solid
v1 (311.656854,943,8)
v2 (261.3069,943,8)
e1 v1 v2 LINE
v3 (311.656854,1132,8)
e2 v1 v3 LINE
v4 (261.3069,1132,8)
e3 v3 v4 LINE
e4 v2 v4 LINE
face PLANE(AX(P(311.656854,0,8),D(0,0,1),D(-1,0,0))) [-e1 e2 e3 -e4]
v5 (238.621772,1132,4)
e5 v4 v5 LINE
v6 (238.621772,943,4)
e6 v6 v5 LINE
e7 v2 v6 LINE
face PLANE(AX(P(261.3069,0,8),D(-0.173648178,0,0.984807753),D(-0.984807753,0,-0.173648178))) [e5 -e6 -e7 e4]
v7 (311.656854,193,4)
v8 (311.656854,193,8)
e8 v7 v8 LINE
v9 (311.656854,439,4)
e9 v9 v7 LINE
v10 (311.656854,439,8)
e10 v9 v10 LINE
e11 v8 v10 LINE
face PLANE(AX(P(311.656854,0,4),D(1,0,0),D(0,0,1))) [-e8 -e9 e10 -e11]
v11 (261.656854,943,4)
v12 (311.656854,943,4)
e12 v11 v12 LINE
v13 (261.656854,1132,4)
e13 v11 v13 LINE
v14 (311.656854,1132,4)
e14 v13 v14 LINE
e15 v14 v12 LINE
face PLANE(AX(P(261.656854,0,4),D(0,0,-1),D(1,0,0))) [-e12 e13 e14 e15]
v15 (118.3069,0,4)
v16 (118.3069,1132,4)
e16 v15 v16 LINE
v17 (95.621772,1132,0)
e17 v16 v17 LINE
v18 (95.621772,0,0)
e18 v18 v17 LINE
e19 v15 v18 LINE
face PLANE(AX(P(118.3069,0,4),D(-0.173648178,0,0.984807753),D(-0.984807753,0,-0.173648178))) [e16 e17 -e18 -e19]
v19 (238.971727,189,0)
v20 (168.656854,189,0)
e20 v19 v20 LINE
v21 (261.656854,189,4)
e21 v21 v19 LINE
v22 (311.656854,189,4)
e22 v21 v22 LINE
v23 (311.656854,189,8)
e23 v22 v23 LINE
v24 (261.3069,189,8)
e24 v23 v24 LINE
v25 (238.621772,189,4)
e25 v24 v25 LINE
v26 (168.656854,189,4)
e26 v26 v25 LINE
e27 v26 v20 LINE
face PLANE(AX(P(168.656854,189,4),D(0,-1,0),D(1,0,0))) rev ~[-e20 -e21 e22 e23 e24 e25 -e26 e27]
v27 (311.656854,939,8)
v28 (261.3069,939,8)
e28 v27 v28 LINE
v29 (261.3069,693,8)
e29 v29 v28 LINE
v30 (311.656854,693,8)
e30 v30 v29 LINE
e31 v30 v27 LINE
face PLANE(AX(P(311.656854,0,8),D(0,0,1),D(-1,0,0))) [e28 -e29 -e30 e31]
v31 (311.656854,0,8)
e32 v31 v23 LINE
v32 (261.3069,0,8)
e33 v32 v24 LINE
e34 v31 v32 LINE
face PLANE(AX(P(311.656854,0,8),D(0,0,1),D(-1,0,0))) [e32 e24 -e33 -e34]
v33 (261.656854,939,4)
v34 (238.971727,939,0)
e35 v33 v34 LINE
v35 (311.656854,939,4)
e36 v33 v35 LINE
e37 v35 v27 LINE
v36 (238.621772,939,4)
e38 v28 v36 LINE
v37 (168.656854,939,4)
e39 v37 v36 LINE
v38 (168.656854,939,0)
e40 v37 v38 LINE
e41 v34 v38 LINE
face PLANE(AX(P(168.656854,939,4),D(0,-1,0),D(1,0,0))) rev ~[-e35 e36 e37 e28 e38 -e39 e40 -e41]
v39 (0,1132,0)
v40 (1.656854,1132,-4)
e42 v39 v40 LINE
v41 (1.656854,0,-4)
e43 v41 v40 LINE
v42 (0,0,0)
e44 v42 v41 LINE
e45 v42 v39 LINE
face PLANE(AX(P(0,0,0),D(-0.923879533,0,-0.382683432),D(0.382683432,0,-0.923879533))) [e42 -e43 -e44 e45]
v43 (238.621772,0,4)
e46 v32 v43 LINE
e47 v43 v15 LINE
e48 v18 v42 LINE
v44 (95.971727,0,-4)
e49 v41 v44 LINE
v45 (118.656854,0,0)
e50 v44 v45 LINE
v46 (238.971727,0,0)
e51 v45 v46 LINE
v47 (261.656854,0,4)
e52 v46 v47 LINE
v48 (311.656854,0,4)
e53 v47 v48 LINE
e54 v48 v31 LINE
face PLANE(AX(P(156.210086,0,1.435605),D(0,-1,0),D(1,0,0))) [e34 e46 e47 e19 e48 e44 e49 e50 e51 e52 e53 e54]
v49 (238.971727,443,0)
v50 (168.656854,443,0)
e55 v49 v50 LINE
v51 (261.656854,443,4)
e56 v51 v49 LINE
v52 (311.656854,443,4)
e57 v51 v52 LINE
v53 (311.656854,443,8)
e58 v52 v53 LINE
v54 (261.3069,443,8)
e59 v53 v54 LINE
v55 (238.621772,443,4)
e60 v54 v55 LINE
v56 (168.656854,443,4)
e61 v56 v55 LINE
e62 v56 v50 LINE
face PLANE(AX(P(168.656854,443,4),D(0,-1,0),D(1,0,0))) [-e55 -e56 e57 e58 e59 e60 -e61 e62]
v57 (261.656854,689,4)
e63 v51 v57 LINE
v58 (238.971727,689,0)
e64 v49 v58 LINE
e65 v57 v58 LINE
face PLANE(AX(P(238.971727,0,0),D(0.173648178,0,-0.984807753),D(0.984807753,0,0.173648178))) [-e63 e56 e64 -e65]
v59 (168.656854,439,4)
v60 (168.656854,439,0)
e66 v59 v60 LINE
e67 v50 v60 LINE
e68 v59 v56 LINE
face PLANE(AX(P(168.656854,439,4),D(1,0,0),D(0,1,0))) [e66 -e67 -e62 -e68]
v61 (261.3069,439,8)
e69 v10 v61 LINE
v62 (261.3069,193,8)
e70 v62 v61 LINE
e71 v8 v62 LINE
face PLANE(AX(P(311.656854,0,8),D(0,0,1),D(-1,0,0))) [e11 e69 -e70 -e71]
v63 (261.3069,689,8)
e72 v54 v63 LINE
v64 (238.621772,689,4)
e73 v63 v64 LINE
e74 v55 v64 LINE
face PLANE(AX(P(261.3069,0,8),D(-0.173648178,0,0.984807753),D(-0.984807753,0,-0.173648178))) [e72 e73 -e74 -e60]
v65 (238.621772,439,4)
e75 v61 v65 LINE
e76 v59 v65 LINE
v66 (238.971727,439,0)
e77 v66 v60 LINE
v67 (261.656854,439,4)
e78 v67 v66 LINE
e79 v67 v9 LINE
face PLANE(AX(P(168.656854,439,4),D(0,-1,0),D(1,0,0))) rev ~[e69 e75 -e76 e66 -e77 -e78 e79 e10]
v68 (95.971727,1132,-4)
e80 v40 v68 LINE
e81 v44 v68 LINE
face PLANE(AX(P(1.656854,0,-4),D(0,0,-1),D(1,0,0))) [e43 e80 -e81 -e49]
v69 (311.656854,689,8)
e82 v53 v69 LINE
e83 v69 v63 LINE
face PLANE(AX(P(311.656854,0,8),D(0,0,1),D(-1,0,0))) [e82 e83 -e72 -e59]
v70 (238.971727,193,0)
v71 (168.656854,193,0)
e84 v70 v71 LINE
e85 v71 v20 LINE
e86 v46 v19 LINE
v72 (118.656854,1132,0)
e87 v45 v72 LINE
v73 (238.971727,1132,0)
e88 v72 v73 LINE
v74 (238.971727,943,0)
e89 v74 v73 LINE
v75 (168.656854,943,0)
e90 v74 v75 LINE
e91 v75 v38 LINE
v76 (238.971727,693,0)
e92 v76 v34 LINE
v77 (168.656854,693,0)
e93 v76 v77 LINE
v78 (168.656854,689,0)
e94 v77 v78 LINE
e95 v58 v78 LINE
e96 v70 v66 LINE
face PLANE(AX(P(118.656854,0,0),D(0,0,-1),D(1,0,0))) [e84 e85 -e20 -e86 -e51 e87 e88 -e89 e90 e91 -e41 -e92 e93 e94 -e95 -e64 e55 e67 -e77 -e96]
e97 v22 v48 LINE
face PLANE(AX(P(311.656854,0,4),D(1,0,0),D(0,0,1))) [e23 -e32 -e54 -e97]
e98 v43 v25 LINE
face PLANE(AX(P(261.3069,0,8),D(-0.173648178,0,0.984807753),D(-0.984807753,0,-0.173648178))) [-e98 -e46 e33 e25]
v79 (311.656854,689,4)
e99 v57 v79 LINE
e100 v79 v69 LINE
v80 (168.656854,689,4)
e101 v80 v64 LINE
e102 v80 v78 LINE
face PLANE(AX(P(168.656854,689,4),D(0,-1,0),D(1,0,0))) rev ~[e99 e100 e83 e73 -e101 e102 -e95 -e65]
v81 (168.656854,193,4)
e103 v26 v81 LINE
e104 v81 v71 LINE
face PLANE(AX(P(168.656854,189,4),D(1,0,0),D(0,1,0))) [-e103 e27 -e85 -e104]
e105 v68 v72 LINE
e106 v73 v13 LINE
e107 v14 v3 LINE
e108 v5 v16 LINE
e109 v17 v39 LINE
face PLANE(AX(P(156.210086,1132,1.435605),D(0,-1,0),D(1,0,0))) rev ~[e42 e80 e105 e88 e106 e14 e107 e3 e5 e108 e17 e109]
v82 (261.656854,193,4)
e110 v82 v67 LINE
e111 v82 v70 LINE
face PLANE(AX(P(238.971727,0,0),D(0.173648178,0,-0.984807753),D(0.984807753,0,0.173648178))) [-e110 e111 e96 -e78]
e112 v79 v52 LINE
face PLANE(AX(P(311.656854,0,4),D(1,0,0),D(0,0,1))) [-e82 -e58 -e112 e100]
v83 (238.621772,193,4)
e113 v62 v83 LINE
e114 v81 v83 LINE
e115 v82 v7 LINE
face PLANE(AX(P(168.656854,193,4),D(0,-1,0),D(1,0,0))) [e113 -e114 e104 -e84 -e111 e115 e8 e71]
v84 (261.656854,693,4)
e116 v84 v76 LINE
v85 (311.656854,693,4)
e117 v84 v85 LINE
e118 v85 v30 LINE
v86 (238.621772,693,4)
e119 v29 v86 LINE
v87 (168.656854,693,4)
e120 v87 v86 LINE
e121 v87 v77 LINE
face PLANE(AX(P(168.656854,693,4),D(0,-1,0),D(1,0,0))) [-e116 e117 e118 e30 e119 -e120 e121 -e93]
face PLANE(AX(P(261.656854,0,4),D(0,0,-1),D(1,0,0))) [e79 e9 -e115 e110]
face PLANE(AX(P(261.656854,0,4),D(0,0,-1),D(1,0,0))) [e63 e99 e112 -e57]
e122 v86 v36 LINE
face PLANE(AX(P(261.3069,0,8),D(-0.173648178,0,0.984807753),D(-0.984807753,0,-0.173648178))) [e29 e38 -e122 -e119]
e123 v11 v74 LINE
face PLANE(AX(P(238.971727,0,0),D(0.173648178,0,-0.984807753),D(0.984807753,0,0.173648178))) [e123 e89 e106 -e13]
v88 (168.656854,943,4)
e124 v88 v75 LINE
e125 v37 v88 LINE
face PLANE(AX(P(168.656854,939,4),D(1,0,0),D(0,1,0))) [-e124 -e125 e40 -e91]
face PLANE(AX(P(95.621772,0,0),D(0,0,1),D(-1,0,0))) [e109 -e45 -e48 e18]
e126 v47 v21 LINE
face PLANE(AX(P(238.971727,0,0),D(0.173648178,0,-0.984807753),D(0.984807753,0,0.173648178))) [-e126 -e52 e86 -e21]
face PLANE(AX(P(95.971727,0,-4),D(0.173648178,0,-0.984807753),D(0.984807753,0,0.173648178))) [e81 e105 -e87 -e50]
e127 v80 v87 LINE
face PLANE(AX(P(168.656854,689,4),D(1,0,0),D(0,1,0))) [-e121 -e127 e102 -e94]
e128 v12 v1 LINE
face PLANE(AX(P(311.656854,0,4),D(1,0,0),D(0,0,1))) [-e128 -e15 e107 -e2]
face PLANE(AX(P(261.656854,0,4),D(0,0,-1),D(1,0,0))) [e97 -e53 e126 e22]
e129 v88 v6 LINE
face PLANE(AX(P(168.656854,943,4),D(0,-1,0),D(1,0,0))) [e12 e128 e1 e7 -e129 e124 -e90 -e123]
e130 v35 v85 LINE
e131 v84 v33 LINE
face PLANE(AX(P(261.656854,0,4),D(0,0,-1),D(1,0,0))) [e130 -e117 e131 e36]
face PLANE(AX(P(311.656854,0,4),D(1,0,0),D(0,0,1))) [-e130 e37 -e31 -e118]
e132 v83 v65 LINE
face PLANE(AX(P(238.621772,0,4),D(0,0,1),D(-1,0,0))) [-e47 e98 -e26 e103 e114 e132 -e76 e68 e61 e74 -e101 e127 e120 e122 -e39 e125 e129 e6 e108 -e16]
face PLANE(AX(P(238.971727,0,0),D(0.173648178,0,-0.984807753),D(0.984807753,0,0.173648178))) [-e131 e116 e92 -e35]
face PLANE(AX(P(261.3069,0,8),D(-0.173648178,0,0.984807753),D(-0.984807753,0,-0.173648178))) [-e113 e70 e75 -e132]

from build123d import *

# Parameters (mm, degrees)
F1_DEPTH      = 1132
F2_W          = 143
F2_H          = 4
F3_DEPTH      = 8.001
F3_DEPTH_BACK = 4.001


with BuildPart() as f1:
    # F0 (on Front) → F1 (new body)
    with BuildSketch(Plane.XZ):
        Polygon((95.6217723169, 0), (0, 0), (1.6568542495, -4), (95.971726971, -4), (118.6568542495, 0), (238.971726971, 0), (261.6568542495, 4), (311.6568542495, 4), (311.6568542495, 8), (261.3068995954, 8), (238.6217723169, 4), (118.3068995954, 4), align=None)
    extrude(amount=-F1_DEPTH)

    # F2 (on face) → F3 (cut, two sides)
    with BuildSketch(Plane.XY.offset(4)) as f3_sk:
        with Locations((240.1568542495, 191)):
            Rectangle(F2_W, F2_H)
        with Locations((240.1568542495, 441)):
            Rectangle(F2_W, F2_H)
        with Locations((240.1568542495, 691)):
            Rectangle(F2_W, F2_H)
        with Locations((240.1568542495, 941)):
            Rectangle(F2_W, F2_H)
    extrude(amount=-F3_DEPTH, mode=Mode.SUBTRACT)
    extrude(f3_sk.sketch, amount=F3_DEPTH_BACK, mode=Mode.SUBTRACT)


solid = f1.part
